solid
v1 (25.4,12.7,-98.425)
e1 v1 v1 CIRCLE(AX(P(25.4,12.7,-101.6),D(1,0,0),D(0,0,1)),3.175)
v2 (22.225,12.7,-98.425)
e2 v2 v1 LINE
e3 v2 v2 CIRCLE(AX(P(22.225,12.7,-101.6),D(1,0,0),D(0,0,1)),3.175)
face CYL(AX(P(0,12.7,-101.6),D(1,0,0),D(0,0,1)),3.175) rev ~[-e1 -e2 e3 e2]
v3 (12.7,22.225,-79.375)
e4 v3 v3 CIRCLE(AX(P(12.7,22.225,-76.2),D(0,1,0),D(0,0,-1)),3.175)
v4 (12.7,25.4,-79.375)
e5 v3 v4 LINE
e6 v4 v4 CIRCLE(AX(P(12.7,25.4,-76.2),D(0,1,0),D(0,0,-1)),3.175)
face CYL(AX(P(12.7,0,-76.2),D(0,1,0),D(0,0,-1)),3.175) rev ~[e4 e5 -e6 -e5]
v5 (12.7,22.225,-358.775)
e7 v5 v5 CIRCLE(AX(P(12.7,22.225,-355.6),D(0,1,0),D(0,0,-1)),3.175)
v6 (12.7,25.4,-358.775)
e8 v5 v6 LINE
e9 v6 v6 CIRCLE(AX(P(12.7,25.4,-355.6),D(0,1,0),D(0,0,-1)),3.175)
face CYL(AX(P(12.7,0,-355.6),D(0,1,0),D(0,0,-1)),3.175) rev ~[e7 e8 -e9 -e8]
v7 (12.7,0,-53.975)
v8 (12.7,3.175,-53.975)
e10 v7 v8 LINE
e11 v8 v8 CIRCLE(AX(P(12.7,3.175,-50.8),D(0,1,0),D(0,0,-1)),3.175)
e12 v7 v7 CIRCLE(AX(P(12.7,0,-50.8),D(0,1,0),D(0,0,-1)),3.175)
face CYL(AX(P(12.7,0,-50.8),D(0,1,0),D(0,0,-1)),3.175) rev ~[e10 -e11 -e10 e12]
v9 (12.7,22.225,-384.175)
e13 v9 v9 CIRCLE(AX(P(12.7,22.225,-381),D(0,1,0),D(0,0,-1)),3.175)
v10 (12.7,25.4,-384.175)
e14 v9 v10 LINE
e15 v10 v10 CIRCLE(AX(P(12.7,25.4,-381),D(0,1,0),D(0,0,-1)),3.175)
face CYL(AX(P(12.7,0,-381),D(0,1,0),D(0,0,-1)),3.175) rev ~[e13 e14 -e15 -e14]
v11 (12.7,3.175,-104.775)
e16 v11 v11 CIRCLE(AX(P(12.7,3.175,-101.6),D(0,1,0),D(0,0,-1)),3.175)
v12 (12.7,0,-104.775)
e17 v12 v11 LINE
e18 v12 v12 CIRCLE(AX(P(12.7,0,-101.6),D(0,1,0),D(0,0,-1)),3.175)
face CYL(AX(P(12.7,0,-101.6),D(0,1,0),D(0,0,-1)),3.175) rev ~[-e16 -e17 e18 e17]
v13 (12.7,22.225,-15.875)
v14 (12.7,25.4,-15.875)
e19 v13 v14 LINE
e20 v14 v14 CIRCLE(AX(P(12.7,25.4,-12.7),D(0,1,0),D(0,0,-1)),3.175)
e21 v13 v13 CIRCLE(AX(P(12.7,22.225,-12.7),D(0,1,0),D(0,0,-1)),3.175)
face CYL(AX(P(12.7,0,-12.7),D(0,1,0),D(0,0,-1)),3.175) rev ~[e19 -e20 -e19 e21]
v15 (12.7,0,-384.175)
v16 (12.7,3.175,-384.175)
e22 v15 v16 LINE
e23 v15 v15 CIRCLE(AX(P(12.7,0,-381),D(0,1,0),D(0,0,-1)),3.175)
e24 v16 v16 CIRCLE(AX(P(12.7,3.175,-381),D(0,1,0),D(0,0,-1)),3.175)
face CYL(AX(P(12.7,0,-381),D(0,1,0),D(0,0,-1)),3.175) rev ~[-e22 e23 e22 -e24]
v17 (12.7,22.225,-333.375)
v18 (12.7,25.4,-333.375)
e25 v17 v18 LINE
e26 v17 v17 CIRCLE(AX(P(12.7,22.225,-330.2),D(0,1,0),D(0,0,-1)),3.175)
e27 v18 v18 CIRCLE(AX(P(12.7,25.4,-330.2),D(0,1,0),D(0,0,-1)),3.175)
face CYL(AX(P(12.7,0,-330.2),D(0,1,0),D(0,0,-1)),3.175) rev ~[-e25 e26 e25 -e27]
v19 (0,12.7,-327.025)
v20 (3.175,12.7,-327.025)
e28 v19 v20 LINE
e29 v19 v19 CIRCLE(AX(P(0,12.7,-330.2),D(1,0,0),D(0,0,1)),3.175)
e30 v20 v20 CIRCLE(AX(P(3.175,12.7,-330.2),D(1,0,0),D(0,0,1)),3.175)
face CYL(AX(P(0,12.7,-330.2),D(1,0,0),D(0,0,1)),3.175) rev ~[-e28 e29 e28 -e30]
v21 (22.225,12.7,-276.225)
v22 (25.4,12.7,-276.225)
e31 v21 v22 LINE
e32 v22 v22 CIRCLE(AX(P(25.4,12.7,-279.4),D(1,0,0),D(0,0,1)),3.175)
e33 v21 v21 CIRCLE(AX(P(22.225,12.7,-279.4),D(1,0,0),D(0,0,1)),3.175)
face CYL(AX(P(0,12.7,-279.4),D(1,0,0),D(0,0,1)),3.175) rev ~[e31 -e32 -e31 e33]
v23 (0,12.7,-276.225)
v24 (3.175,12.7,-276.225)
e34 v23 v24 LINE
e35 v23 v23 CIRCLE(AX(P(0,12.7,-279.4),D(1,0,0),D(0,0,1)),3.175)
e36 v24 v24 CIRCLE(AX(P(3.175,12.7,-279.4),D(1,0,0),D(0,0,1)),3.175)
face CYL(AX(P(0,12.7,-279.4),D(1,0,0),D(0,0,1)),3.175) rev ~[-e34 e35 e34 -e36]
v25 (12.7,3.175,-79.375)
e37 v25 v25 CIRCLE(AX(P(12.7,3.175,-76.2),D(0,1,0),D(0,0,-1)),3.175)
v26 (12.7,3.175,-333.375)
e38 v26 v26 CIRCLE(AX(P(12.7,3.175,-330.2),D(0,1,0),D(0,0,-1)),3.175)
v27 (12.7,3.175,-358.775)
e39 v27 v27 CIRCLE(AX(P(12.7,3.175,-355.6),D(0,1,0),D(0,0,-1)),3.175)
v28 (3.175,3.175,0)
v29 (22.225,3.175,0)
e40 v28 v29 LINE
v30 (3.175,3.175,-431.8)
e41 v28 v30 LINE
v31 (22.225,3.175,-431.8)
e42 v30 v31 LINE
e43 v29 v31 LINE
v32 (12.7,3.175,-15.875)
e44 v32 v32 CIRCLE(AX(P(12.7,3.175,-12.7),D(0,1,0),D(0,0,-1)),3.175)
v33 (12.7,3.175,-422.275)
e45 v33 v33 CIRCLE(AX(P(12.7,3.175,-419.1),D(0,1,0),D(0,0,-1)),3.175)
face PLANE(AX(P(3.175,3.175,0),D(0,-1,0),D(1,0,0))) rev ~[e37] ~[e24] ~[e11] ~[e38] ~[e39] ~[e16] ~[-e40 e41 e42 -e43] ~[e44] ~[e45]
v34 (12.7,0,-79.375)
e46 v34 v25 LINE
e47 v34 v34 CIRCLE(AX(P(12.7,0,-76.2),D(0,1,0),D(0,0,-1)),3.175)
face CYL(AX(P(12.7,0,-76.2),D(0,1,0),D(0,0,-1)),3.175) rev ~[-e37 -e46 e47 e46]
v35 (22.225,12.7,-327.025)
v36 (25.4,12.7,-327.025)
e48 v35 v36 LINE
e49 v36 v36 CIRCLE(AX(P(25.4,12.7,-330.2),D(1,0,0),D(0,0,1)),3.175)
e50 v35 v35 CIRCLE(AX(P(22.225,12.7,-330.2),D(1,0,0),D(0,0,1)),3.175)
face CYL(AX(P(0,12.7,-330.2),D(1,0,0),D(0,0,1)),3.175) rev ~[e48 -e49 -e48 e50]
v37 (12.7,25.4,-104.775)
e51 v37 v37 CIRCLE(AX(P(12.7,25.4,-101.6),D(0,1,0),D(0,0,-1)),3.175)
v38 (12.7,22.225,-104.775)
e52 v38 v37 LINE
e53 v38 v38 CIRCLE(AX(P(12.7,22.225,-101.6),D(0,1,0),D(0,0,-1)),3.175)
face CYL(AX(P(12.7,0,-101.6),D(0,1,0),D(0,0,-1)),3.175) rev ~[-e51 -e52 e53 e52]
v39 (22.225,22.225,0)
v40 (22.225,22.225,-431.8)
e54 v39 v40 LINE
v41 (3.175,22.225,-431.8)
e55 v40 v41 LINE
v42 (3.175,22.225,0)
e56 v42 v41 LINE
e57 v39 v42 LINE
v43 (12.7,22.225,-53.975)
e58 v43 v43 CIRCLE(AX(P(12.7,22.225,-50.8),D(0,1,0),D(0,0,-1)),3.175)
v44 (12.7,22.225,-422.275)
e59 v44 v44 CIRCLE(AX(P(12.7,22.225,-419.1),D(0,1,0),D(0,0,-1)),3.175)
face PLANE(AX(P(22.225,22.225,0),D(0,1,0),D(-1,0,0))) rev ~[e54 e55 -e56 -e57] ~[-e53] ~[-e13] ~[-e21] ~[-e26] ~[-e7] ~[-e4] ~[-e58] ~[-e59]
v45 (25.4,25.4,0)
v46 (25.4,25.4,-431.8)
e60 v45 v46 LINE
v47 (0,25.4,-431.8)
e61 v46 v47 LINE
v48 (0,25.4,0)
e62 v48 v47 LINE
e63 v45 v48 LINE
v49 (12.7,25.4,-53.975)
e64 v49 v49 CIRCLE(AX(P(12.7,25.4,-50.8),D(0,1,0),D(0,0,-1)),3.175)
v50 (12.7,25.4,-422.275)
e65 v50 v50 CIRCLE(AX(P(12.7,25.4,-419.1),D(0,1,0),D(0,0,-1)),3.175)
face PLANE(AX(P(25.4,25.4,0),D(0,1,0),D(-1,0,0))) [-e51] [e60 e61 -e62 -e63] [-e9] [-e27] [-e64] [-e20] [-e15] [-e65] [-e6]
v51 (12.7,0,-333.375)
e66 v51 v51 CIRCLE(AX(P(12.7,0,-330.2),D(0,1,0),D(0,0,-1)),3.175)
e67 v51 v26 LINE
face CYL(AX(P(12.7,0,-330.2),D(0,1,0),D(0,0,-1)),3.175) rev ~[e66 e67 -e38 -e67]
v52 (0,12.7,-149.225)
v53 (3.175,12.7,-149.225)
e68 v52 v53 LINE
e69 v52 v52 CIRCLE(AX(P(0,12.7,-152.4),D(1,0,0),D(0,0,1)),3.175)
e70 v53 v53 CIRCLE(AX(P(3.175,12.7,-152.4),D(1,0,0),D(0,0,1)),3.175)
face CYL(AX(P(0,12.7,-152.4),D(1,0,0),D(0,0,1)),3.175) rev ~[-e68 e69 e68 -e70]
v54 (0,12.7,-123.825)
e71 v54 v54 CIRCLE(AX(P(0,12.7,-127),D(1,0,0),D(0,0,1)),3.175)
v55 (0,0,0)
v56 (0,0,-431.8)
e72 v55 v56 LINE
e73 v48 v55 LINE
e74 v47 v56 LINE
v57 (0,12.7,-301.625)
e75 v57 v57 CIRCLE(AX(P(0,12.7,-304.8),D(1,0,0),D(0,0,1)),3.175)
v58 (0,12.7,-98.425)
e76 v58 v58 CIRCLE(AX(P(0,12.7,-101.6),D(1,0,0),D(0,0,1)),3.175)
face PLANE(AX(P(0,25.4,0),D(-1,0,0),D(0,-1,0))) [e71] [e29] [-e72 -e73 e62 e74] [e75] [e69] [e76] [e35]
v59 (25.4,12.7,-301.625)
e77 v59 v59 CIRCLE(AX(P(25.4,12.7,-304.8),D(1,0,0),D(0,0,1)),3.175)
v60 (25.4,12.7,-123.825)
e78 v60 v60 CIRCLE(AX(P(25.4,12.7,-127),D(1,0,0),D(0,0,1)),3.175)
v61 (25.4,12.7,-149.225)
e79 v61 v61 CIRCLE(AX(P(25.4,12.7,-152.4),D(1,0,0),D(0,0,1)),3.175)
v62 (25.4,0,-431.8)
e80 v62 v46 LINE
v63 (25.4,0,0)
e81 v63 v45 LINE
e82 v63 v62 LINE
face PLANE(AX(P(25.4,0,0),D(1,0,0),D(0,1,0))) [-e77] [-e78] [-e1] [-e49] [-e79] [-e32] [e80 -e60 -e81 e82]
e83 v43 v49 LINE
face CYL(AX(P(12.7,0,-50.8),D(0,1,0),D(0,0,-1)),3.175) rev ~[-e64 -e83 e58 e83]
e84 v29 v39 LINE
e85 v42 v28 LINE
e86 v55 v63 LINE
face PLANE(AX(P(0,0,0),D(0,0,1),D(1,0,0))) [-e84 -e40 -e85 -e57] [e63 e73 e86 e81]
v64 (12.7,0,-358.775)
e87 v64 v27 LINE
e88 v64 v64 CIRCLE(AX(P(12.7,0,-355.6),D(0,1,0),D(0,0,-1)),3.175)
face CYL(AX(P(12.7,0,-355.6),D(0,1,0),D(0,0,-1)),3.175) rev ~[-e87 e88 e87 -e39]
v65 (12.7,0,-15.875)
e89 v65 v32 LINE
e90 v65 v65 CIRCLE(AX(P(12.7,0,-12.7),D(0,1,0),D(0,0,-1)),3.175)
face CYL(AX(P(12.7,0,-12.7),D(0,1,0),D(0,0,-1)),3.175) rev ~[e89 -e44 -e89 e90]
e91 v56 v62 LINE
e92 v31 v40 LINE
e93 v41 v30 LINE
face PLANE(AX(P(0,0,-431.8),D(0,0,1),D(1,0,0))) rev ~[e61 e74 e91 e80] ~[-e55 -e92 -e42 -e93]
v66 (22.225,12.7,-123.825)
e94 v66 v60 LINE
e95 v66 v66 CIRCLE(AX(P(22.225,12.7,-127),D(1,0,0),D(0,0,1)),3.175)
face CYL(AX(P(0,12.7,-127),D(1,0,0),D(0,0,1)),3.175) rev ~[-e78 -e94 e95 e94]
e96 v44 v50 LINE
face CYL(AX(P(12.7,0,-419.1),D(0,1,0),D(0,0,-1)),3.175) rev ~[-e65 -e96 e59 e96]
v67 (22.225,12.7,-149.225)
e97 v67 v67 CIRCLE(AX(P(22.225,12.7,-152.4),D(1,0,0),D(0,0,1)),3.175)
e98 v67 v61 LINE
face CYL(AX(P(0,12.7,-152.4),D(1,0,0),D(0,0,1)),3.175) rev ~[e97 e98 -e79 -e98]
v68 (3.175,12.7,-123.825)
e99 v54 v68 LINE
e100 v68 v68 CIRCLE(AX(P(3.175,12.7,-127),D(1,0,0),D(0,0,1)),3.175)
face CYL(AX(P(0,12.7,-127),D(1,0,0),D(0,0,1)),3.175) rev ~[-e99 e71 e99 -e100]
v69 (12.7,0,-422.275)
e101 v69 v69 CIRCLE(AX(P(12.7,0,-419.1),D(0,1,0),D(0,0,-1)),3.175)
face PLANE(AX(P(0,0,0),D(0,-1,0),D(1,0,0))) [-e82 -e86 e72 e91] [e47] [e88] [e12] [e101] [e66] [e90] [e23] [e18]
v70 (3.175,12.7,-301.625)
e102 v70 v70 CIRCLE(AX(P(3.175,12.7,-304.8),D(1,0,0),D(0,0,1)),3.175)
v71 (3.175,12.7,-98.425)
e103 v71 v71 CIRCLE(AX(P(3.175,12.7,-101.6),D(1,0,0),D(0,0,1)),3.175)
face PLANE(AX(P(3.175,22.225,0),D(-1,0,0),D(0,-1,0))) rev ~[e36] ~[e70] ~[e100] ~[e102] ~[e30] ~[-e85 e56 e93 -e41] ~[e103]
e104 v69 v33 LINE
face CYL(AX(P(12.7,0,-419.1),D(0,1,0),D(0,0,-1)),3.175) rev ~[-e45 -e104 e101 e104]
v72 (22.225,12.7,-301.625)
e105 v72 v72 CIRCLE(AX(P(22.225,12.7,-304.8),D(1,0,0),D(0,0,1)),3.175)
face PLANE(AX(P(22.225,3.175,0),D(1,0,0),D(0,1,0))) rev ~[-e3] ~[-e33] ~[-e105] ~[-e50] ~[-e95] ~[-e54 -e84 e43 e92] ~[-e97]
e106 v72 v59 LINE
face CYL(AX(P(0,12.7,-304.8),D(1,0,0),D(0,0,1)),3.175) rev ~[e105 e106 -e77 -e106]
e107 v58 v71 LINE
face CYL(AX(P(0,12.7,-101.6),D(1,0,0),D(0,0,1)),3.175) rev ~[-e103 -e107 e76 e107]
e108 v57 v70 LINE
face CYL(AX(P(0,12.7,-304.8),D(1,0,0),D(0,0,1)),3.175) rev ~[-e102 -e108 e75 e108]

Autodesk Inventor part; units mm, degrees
ref_plane "YZ Plane" through (0, 0, 0) normal (1, 0, 0) x (0, 1, 0)
ref_plane "XZ Plane" through (0, 0, 0) normal (0, 1, 0) x (-1, 0, 0)
ref_plane "XY Plane" through (0, 0, 0) normal (0, 0, 1) x (1, 0, 0)
sketch "Sketch1" plane through (0, 0, 0) normal (0, 0, 1) x (1, 0, 0)
  line L0 (0, 0) -> (25.4, 0)
  line L1 (25.4, 0) -> (25.4, 25.4)
  line L2 (25.4, 25.4) -> (0, 25.4)
  line L3 (0, 25.4) -> (0, 0)
  line L4 (3.175, 3.175) -> (22.225, 3.175)
  line L5 (22.225, 3.175) -> (22.225, 22.225)
  line L6 (22.225, 22.225) -> (3.175, 22.225)
  line L7 (3.175, 22.225) -> (3.175, 3.175)
  dimension "d0" = 25.4
  dimension "d1" = 25.4
  dimension "d2" = 3.175
extrude "Extrusion1" add sketch "Sketch1" against normal blind 431.8
sketch "Sketch2" plane through (0, 0, 0) normal (-1, 0, 0) x (0, 0, 1)
  line L0 (-431.8, 25.4) -> (-431.8, 0) projected
  line L1 (0, 25.4) -> (0, 0) projected
  point P0 (-304.8, 12.7)
  point P1 (-279.4, 12.7)
  point P2 (-330.2, 12.7)
  point P3 (-101.6, 12.7)
  point P4 (-127, 12.7)
  point P5 (-152.4, 12.7)
  dimension "d5" = 25.4
  dimension "d6" = 25.4
  dimension "d7" = 101.6
  dimension "d25" = 101.6
  dimension "d26" = 25.4
  dimension "d27" = 25.4
hole "Hole1" at (0, 12.7, -304.8) at (0, 12.7, -279.4) at (0, 12.7, -330.2) at (0, 12.7, -127) at (0, 12.7, -101.6) at (0, 12.7, -152.4) direction (1, 0, 0) diameter 6.35 depth 25.4 tip angle 118
sketch "Sketch3" plane through (0, 0, 0) normal (0, -1, 0) x (1, 0, 0)
  line L0 (0, -431.8) -> (25.4, -431.8) projected
  line L1 (0, 0) -> (25.4, 0) projected
  point P0 (12.7, -330.2)
  point P1 (12.7, -355.6)
  point P2 (12.7, -381)
  point P3 (12.7, -50.8)
  point P4 (12.7, -76.2)
  point P5 (12.7, -101.6)
  point P6 (12.7, -419.1)
  point P7 (12.7, -12.7)
  dimension "d15" = 25.4
  dimension "d16" = 25.4
  dimension "d17" = 50.8
  dimension "d28" = 50.8
  dimension "d29" = 25.4
  dimension "d30" = 25.4
  dimension "d31" = 12.7
  dimension "d32" = 12.7
hole "Hole2" at (12.7, 0, -330.2) at (12.7, 0, -355.6) at (12.7, 0, -381) at (12.7, 0, -101.6) at (12.7, 0, -76.2) at (12.7, 0, -50.8) at (12.7, 0, -419.1) at (12.7, 0, -12.7) direction (0, 1, 0) diameter 6.35 depth 25.4 tip angle 118
properties part number "tower horizontal brace 17.5in"
